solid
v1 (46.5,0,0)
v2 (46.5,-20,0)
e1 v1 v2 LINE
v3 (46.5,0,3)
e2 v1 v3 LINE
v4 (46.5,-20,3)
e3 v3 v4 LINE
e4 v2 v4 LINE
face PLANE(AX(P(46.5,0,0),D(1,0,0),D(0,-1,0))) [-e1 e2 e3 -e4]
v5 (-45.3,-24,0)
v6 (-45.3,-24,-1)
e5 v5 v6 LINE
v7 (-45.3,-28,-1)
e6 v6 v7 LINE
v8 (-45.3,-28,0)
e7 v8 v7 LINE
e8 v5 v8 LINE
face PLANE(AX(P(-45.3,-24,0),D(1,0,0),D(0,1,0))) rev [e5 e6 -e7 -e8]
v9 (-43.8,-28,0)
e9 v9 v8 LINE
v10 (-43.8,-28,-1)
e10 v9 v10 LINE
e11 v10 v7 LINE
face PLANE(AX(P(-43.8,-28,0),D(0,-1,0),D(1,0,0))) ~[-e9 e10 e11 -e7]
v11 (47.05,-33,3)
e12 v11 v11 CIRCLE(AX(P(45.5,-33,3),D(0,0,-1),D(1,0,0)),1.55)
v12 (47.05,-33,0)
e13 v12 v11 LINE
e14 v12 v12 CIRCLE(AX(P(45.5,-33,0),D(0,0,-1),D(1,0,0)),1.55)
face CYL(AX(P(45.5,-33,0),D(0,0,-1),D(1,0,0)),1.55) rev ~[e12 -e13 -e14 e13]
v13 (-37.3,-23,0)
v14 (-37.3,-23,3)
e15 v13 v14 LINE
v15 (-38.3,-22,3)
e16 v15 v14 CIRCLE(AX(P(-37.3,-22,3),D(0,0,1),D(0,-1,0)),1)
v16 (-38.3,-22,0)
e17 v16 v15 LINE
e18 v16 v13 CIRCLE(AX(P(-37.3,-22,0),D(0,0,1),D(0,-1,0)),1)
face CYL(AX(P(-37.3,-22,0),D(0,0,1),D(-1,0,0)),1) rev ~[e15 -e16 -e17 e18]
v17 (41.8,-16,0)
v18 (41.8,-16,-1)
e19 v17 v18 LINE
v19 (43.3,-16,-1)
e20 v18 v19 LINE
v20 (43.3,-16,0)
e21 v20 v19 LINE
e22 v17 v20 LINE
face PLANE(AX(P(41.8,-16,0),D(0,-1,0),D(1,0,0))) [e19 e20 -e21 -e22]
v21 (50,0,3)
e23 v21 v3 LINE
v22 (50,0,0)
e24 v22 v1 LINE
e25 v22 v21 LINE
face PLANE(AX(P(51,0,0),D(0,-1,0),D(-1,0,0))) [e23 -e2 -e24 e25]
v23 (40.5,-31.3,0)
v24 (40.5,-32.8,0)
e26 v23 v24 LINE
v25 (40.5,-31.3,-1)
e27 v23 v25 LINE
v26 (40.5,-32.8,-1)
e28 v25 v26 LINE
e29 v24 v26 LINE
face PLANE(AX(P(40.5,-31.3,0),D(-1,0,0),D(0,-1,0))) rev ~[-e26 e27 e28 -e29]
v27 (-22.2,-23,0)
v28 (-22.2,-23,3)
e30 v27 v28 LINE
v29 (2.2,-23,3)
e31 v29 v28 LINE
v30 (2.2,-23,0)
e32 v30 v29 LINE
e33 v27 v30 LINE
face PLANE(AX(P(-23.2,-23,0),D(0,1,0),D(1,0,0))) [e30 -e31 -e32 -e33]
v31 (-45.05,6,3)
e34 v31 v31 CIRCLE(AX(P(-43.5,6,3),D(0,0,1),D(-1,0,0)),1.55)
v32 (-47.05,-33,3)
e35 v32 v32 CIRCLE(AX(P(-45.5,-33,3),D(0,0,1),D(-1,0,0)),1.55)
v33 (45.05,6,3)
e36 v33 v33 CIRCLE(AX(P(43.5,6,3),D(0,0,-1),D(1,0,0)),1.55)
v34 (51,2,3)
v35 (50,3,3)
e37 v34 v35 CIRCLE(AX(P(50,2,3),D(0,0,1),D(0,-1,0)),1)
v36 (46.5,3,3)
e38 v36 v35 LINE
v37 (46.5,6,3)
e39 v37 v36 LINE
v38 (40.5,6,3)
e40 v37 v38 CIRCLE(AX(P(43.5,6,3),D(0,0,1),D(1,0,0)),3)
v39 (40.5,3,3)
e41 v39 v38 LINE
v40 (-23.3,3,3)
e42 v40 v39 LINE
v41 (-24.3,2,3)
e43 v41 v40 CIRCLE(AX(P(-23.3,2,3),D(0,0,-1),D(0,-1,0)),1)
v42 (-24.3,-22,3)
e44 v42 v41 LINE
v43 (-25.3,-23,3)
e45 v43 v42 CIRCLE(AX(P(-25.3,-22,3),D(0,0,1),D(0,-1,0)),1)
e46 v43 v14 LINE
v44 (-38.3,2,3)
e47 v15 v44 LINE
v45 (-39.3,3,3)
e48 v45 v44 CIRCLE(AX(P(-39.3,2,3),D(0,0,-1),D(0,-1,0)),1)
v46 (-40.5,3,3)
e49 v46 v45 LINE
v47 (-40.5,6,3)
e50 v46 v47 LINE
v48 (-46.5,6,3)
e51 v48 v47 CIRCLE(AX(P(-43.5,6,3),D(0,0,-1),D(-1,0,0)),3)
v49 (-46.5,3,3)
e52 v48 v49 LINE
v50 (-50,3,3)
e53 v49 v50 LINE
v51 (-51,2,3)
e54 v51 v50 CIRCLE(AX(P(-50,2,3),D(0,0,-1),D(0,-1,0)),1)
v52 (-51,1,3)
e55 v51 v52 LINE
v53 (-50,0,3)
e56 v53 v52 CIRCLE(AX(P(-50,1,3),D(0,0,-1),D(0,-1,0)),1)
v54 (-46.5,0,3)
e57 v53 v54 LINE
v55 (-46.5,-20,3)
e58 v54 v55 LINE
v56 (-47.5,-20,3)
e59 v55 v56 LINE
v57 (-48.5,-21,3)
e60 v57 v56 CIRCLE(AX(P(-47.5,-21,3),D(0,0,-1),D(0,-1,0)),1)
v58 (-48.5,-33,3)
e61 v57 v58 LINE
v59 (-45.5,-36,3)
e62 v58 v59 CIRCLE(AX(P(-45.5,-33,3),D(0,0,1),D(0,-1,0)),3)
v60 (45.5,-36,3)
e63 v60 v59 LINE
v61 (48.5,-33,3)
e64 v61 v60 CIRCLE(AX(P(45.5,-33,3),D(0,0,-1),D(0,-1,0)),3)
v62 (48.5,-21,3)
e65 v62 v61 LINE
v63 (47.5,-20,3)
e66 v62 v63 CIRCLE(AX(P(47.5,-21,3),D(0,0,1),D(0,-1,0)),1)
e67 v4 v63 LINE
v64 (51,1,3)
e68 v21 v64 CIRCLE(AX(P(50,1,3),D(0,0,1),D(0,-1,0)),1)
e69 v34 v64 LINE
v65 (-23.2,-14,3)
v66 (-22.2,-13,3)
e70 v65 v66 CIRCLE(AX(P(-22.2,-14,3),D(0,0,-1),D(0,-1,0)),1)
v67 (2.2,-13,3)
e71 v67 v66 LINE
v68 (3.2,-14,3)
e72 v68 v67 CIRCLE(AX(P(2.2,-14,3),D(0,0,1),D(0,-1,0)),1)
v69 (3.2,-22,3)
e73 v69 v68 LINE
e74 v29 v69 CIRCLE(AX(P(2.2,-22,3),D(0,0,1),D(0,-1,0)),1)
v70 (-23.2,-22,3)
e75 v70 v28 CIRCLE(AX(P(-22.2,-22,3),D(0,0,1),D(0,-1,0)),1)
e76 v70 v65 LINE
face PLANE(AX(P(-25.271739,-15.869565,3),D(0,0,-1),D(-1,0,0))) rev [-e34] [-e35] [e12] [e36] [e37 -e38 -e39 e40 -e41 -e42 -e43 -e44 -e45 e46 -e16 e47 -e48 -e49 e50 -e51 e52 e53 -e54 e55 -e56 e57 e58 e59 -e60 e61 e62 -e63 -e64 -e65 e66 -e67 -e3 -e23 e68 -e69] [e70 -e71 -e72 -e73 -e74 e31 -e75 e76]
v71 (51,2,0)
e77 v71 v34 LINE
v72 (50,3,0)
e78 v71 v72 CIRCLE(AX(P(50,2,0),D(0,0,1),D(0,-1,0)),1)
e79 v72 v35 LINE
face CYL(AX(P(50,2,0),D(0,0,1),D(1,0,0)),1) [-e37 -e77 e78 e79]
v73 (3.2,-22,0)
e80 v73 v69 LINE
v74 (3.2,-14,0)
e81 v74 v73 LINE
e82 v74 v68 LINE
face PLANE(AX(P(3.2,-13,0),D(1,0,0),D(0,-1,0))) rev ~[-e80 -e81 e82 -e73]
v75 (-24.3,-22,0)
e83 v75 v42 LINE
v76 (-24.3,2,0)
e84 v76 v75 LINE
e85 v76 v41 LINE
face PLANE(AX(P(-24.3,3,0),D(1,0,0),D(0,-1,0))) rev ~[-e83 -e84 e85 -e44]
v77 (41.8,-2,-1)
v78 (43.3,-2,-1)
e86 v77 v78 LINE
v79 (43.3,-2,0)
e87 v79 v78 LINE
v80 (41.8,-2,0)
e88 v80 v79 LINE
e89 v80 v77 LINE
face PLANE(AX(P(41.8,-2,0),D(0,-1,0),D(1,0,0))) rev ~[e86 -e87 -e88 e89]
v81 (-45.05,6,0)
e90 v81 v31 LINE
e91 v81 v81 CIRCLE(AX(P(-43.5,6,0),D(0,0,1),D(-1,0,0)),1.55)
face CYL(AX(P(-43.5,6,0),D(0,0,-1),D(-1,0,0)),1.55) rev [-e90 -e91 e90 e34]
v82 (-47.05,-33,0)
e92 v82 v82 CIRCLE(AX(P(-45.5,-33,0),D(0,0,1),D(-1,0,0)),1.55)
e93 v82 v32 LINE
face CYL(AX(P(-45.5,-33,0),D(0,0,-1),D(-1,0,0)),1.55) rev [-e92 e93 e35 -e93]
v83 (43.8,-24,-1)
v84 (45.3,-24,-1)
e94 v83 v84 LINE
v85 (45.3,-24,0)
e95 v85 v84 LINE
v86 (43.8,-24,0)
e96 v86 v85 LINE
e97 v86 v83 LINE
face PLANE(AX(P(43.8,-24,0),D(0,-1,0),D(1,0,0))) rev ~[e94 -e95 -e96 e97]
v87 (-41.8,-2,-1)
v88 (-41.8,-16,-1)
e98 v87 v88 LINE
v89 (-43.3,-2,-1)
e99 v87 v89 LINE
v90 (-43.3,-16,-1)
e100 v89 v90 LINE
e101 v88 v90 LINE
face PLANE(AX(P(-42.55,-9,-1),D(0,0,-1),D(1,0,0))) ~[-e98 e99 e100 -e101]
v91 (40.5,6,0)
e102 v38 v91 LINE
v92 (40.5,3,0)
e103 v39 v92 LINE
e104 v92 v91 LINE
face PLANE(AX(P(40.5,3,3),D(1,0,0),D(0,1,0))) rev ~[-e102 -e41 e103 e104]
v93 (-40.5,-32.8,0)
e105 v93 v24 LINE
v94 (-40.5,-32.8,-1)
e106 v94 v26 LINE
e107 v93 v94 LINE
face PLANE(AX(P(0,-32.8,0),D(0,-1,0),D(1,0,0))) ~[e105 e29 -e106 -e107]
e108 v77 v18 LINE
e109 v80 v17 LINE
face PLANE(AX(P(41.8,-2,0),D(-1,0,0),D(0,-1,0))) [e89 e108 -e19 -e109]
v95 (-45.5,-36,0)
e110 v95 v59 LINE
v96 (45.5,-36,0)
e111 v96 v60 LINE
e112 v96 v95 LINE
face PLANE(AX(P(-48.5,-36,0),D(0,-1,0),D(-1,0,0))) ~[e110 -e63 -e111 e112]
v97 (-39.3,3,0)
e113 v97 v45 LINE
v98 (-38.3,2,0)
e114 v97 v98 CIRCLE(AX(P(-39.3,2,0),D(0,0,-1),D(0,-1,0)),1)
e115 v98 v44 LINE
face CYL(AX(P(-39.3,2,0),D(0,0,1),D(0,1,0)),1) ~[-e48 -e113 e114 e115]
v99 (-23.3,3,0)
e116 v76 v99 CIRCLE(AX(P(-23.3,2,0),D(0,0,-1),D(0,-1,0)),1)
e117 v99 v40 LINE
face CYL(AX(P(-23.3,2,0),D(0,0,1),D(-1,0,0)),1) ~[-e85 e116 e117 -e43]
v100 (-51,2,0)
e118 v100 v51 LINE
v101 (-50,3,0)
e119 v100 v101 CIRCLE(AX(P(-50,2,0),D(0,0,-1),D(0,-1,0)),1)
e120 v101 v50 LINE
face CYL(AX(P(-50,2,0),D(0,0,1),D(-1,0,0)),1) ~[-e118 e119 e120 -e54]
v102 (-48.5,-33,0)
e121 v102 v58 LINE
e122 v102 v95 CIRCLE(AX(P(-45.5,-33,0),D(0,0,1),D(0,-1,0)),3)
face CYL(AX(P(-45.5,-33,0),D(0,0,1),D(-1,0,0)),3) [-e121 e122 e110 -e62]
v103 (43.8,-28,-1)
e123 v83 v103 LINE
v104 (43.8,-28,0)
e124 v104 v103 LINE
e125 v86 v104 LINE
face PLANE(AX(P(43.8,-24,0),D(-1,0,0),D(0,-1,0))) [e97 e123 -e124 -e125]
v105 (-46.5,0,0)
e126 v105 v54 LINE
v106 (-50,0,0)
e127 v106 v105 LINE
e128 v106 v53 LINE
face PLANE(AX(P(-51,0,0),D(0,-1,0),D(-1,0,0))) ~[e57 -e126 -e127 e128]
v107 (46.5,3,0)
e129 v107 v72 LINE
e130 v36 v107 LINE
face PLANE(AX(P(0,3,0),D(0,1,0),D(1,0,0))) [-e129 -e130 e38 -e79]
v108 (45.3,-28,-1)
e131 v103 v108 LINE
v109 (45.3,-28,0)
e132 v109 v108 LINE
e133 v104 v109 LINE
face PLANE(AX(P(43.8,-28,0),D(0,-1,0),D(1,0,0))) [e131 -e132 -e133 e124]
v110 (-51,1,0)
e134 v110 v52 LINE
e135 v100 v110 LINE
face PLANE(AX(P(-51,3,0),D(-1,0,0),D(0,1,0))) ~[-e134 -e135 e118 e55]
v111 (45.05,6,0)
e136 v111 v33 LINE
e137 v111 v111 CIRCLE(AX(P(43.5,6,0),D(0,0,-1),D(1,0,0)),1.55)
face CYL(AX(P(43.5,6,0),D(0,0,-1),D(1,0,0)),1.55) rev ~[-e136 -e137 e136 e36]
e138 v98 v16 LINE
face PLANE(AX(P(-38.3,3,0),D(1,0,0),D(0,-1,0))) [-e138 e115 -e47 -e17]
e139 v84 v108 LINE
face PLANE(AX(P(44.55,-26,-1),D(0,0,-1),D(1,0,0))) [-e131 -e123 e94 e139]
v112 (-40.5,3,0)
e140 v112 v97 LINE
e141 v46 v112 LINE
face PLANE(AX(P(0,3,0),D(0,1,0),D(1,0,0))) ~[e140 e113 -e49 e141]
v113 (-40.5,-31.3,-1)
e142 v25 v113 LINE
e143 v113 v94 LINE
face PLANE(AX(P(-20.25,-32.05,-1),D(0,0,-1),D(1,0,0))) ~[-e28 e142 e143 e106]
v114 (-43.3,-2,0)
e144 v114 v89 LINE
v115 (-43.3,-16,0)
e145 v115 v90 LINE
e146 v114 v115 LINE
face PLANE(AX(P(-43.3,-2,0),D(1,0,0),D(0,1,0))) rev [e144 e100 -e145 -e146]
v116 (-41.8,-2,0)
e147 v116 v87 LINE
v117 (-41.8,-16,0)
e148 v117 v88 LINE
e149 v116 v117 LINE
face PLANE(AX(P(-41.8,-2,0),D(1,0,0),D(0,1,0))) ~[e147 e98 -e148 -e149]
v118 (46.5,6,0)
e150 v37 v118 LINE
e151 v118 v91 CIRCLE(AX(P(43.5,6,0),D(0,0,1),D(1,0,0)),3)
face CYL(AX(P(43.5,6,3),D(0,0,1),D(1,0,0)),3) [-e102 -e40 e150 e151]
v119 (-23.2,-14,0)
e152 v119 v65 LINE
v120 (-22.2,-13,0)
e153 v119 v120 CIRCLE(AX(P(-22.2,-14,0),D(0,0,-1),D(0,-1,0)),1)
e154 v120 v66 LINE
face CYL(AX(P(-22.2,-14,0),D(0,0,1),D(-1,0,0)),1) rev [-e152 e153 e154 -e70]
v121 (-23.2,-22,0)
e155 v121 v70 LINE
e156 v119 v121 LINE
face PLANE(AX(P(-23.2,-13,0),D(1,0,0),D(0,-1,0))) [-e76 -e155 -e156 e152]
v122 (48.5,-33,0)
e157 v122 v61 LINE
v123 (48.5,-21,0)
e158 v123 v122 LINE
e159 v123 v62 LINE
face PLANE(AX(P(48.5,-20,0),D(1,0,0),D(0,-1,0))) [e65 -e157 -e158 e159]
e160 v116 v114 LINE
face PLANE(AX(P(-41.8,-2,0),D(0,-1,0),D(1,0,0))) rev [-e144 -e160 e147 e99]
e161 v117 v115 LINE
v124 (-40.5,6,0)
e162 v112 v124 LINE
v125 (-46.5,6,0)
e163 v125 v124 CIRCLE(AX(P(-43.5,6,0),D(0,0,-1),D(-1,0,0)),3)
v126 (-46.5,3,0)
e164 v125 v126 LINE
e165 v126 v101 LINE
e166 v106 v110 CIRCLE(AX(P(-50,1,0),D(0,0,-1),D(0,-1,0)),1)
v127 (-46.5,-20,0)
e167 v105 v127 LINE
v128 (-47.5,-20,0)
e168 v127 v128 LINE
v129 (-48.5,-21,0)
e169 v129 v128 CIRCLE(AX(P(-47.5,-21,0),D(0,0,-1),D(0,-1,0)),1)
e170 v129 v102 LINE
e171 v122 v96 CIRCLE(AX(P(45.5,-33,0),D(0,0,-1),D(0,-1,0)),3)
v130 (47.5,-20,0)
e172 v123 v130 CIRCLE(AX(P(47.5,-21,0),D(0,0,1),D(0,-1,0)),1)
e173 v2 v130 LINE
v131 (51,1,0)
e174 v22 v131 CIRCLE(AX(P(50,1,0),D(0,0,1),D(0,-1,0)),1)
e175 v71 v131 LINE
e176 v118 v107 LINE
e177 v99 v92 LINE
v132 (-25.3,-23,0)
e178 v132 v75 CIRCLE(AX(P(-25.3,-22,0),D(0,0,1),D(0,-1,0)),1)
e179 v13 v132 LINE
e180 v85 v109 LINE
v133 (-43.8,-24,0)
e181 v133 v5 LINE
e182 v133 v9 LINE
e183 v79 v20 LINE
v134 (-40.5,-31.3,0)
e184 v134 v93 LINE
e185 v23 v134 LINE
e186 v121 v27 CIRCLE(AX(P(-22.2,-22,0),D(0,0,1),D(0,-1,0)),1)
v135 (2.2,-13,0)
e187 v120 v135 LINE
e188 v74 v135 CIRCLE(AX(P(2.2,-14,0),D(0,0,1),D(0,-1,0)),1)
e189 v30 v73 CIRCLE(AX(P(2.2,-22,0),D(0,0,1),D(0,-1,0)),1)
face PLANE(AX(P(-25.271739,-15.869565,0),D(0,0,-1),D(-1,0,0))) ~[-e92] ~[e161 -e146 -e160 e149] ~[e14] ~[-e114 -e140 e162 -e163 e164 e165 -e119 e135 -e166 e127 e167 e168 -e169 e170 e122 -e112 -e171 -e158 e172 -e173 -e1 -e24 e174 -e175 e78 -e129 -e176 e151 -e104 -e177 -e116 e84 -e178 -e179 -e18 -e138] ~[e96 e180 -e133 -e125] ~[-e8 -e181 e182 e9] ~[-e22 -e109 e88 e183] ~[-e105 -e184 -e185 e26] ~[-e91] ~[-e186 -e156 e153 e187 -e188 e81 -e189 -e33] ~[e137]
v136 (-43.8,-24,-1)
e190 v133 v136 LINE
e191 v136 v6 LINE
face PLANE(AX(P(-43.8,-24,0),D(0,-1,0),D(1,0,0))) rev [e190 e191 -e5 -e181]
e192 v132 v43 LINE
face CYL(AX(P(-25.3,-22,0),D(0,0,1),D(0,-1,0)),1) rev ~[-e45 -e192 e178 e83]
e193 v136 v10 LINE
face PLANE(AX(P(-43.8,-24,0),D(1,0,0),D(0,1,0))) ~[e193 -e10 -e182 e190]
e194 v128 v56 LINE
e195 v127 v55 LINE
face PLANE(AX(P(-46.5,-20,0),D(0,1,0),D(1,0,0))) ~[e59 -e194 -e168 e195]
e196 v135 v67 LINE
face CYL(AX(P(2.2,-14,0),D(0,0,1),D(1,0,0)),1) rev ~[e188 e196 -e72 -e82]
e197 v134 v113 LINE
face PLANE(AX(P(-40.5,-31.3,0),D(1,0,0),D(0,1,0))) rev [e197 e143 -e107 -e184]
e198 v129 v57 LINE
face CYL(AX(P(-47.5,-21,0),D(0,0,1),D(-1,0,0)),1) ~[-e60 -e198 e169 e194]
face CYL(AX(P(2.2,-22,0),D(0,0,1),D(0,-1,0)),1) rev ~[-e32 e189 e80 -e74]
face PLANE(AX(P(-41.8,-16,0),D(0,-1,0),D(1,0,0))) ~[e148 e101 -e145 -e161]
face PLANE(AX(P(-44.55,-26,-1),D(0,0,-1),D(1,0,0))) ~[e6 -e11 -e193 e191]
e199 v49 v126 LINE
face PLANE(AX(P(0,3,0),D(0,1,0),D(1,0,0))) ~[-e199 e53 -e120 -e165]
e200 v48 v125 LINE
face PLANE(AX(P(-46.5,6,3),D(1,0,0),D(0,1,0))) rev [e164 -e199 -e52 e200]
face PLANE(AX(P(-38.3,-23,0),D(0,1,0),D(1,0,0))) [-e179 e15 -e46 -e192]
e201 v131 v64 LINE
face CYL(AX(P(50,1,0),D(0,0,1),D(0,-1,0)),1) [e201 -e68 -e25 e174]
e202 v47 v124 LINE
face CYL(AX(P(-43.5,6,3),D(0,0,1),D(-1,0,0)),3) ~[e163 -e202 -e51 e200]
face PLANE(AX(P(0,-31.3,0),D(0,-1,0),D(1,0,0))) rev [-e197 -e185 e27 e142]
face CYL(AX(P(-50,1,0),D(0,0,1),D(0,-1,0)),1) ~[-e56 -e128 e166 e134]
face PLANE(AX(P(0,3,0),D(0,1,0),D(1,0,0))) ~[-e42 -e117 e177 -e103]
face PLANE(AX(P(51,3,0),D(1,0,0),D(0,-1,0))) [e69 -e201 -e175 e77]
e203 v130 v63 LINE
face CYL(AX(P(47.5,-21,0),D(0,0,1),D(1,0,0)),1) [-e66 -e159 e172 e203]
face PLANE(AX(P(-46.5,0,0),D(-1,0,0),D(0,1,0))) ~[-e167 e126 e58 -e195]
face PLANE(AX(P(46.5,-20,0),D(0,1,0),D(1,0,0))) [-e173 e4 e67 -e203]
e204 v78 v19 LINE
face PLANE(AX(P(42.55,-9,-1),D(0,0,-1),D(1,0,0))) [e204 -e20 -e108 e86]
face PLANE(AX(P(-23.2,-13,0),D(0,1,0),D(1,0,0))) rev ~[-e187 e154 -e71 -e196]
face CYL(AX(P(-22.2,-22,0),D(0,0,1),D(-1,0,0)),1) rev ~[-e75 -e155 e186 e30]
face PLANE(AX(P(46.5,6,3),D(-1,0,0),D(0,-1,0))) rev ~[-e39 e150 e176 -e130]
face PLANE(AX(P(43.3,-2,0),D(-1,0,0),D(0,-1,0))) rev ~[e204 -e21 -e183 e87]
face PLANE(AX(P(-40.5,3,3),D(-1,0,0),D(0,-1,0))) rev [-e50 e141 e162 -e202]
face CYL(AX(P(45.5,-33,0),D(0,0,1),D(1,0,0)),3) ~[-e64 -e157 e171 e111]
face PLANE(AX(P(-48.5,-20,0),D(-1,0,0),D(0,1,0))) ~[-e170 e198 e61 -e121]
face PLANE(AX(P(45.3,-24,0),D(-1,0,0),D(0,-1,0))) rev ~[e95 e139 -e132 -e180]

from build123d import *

# Parameters (mm, degrees)
PAD_DEPTH       = 3
PAD001_DEPTH    = 3
FILLET_R        = 3
FILLET001_R     = 1
FILLET002_R     = 1
SKETCH003_W     = 1.5
SKETCH003_H     = 14
SKETCH003_H_2   = 4
SKETCH003_W_2   = 40.5
SKETCH003_H_3   = 1.5
PAD002_DEPTH    = 1
SKETCH004_R     = 1.55
POCKET_DEPTH    = 3.001
SKETCH005_W     = 14
SKETCH005_H     = 26
SKETCH005_W_2   = 26.4
SKETCH005_H_2   = 10
POCKET001_DEPTH = 3.001
FILLET003_R     = 1


with BuildPart() as part:
    # Sketch → Pad (new body)
    with BuildSketch(Plane.XY):
        Polygon((0, 3), (51, 3), (51, 0), (46.5, 0), (46.5, -20), (48.5, -20), (48.5, -36), (0, -36), align=None)
    extrude(amount=PAD_DEPTH)

    # Sketch001 (on Face10 of Pad) → Pad001 (join)
    with BuildSketch(Plane.XY.offset(3)):
        with BuildLine():
            Line((46.5, 6), (46.5, 3))
            Line((46.5, 3), (40.5, 3))
            Line((40.5, 3), (40.5, 6))
            ThreePointArc((46.5, 6), (43.5, 9), (40.5, 6))
        make_face()
    extrude(amount=-PAD001_DEPTH)

    # Fillet
    fillet_edges = [part.edges().sort_by_distance(p)[0] for p in [
        (48.5, -36, 1.5),
    ]]
    fillet(fillet_edges, radius=FILLET_R)

    # Fillet001
    fillet001_edges = [part.edges().sort_by_distance(p)[0] for p in [
        (48.5, -20, 1.5),
    ]]
    fillet(fillet001_edges, radius=FILLET001_R)

    # Fillet002
    fillet002_edges = [part.edges().sort_by_distance(p)[0] for p in [
        (51, 3, 1.5),
        (51, 0, 1.5),
    ]]
    fillet(fillet002_edges, radius=FILLET002_R)

    # Sketch003 → Pad002 (join)
    with BuildSketch(Plane(origin=(0, 0, 0), x_dir=(1, 0, 0), z_dir=(0, 0, -1))):
        with Locations((42.55, 9)):
            Rectangle(SKETCH003_W, SKETCH003_H)
        with Locations((44.55, 26)):
            Rectangle(SKETCH003_W, SKETCH003_H_2)
        with Locations((20.25, 32.05)):
            Rectangle(SKETCH003_W_2, SKETCH003_H_3)
    extrude(amount=PAD002_DEPTH)

    # Sketch004 (on Face1 of Pad002) → Pocket (cut, through all)
    with BuildSketch(Plane(origin=(0, 0, 0), x_dir=(1, 0, 0), z_dir=(0, 0, -1))):
        with Locations((45.5, 33)):
            Circle(SKETCH004_R)
        with Locations((43.5, -6)):
            Circle(SKETCH004_R)
    extrude(amount=-POCKET_DEPTH, mode=Mode.SUBTRACT)

    # Mirrored: part across YZ


with BuildPart() as part_1:
    add(part.part)
    add(part.part.mirror(Plane.YZ))

    # Sketch005 (on Face14 of Mirrored) → Pocket001 (cut, through all)
    with BuildSketch(Plane(origin=(0, 0, 0), x_dir=(1, 0, 0), z_dir=(0, 0, -1))):
        with Locations((-31.3, 10)):
            Rectangle(SKETCH005_W, SKETCH005_H)
        with Locations((-10, 18)):
            Rectangle(SKETCH005_W_2, SKETCH005_H_2)
    extrude(amount=-POCKET001_DEPTH, mode=Mode.SUBTRACT)

    # Fillet003
    fillet003_edges = [part_1.edges().sort_by_distance(p)[0] for p in [
        (-24.3, 3, 1.5),
        (-38.3, 3, 1.5),
        (-38.3, -23, 1.5),
        (-23.2, -23, 1.5),
        (-23.2, -13, 1.5),
        (3.2, -13, 1.5),
        (3.2, -23, 1.5),
        (-24.3, -23, 1.5),
    ]]
    fillet(fillet003_edges, radius=FILLET003_R)


solid = part_1.part
